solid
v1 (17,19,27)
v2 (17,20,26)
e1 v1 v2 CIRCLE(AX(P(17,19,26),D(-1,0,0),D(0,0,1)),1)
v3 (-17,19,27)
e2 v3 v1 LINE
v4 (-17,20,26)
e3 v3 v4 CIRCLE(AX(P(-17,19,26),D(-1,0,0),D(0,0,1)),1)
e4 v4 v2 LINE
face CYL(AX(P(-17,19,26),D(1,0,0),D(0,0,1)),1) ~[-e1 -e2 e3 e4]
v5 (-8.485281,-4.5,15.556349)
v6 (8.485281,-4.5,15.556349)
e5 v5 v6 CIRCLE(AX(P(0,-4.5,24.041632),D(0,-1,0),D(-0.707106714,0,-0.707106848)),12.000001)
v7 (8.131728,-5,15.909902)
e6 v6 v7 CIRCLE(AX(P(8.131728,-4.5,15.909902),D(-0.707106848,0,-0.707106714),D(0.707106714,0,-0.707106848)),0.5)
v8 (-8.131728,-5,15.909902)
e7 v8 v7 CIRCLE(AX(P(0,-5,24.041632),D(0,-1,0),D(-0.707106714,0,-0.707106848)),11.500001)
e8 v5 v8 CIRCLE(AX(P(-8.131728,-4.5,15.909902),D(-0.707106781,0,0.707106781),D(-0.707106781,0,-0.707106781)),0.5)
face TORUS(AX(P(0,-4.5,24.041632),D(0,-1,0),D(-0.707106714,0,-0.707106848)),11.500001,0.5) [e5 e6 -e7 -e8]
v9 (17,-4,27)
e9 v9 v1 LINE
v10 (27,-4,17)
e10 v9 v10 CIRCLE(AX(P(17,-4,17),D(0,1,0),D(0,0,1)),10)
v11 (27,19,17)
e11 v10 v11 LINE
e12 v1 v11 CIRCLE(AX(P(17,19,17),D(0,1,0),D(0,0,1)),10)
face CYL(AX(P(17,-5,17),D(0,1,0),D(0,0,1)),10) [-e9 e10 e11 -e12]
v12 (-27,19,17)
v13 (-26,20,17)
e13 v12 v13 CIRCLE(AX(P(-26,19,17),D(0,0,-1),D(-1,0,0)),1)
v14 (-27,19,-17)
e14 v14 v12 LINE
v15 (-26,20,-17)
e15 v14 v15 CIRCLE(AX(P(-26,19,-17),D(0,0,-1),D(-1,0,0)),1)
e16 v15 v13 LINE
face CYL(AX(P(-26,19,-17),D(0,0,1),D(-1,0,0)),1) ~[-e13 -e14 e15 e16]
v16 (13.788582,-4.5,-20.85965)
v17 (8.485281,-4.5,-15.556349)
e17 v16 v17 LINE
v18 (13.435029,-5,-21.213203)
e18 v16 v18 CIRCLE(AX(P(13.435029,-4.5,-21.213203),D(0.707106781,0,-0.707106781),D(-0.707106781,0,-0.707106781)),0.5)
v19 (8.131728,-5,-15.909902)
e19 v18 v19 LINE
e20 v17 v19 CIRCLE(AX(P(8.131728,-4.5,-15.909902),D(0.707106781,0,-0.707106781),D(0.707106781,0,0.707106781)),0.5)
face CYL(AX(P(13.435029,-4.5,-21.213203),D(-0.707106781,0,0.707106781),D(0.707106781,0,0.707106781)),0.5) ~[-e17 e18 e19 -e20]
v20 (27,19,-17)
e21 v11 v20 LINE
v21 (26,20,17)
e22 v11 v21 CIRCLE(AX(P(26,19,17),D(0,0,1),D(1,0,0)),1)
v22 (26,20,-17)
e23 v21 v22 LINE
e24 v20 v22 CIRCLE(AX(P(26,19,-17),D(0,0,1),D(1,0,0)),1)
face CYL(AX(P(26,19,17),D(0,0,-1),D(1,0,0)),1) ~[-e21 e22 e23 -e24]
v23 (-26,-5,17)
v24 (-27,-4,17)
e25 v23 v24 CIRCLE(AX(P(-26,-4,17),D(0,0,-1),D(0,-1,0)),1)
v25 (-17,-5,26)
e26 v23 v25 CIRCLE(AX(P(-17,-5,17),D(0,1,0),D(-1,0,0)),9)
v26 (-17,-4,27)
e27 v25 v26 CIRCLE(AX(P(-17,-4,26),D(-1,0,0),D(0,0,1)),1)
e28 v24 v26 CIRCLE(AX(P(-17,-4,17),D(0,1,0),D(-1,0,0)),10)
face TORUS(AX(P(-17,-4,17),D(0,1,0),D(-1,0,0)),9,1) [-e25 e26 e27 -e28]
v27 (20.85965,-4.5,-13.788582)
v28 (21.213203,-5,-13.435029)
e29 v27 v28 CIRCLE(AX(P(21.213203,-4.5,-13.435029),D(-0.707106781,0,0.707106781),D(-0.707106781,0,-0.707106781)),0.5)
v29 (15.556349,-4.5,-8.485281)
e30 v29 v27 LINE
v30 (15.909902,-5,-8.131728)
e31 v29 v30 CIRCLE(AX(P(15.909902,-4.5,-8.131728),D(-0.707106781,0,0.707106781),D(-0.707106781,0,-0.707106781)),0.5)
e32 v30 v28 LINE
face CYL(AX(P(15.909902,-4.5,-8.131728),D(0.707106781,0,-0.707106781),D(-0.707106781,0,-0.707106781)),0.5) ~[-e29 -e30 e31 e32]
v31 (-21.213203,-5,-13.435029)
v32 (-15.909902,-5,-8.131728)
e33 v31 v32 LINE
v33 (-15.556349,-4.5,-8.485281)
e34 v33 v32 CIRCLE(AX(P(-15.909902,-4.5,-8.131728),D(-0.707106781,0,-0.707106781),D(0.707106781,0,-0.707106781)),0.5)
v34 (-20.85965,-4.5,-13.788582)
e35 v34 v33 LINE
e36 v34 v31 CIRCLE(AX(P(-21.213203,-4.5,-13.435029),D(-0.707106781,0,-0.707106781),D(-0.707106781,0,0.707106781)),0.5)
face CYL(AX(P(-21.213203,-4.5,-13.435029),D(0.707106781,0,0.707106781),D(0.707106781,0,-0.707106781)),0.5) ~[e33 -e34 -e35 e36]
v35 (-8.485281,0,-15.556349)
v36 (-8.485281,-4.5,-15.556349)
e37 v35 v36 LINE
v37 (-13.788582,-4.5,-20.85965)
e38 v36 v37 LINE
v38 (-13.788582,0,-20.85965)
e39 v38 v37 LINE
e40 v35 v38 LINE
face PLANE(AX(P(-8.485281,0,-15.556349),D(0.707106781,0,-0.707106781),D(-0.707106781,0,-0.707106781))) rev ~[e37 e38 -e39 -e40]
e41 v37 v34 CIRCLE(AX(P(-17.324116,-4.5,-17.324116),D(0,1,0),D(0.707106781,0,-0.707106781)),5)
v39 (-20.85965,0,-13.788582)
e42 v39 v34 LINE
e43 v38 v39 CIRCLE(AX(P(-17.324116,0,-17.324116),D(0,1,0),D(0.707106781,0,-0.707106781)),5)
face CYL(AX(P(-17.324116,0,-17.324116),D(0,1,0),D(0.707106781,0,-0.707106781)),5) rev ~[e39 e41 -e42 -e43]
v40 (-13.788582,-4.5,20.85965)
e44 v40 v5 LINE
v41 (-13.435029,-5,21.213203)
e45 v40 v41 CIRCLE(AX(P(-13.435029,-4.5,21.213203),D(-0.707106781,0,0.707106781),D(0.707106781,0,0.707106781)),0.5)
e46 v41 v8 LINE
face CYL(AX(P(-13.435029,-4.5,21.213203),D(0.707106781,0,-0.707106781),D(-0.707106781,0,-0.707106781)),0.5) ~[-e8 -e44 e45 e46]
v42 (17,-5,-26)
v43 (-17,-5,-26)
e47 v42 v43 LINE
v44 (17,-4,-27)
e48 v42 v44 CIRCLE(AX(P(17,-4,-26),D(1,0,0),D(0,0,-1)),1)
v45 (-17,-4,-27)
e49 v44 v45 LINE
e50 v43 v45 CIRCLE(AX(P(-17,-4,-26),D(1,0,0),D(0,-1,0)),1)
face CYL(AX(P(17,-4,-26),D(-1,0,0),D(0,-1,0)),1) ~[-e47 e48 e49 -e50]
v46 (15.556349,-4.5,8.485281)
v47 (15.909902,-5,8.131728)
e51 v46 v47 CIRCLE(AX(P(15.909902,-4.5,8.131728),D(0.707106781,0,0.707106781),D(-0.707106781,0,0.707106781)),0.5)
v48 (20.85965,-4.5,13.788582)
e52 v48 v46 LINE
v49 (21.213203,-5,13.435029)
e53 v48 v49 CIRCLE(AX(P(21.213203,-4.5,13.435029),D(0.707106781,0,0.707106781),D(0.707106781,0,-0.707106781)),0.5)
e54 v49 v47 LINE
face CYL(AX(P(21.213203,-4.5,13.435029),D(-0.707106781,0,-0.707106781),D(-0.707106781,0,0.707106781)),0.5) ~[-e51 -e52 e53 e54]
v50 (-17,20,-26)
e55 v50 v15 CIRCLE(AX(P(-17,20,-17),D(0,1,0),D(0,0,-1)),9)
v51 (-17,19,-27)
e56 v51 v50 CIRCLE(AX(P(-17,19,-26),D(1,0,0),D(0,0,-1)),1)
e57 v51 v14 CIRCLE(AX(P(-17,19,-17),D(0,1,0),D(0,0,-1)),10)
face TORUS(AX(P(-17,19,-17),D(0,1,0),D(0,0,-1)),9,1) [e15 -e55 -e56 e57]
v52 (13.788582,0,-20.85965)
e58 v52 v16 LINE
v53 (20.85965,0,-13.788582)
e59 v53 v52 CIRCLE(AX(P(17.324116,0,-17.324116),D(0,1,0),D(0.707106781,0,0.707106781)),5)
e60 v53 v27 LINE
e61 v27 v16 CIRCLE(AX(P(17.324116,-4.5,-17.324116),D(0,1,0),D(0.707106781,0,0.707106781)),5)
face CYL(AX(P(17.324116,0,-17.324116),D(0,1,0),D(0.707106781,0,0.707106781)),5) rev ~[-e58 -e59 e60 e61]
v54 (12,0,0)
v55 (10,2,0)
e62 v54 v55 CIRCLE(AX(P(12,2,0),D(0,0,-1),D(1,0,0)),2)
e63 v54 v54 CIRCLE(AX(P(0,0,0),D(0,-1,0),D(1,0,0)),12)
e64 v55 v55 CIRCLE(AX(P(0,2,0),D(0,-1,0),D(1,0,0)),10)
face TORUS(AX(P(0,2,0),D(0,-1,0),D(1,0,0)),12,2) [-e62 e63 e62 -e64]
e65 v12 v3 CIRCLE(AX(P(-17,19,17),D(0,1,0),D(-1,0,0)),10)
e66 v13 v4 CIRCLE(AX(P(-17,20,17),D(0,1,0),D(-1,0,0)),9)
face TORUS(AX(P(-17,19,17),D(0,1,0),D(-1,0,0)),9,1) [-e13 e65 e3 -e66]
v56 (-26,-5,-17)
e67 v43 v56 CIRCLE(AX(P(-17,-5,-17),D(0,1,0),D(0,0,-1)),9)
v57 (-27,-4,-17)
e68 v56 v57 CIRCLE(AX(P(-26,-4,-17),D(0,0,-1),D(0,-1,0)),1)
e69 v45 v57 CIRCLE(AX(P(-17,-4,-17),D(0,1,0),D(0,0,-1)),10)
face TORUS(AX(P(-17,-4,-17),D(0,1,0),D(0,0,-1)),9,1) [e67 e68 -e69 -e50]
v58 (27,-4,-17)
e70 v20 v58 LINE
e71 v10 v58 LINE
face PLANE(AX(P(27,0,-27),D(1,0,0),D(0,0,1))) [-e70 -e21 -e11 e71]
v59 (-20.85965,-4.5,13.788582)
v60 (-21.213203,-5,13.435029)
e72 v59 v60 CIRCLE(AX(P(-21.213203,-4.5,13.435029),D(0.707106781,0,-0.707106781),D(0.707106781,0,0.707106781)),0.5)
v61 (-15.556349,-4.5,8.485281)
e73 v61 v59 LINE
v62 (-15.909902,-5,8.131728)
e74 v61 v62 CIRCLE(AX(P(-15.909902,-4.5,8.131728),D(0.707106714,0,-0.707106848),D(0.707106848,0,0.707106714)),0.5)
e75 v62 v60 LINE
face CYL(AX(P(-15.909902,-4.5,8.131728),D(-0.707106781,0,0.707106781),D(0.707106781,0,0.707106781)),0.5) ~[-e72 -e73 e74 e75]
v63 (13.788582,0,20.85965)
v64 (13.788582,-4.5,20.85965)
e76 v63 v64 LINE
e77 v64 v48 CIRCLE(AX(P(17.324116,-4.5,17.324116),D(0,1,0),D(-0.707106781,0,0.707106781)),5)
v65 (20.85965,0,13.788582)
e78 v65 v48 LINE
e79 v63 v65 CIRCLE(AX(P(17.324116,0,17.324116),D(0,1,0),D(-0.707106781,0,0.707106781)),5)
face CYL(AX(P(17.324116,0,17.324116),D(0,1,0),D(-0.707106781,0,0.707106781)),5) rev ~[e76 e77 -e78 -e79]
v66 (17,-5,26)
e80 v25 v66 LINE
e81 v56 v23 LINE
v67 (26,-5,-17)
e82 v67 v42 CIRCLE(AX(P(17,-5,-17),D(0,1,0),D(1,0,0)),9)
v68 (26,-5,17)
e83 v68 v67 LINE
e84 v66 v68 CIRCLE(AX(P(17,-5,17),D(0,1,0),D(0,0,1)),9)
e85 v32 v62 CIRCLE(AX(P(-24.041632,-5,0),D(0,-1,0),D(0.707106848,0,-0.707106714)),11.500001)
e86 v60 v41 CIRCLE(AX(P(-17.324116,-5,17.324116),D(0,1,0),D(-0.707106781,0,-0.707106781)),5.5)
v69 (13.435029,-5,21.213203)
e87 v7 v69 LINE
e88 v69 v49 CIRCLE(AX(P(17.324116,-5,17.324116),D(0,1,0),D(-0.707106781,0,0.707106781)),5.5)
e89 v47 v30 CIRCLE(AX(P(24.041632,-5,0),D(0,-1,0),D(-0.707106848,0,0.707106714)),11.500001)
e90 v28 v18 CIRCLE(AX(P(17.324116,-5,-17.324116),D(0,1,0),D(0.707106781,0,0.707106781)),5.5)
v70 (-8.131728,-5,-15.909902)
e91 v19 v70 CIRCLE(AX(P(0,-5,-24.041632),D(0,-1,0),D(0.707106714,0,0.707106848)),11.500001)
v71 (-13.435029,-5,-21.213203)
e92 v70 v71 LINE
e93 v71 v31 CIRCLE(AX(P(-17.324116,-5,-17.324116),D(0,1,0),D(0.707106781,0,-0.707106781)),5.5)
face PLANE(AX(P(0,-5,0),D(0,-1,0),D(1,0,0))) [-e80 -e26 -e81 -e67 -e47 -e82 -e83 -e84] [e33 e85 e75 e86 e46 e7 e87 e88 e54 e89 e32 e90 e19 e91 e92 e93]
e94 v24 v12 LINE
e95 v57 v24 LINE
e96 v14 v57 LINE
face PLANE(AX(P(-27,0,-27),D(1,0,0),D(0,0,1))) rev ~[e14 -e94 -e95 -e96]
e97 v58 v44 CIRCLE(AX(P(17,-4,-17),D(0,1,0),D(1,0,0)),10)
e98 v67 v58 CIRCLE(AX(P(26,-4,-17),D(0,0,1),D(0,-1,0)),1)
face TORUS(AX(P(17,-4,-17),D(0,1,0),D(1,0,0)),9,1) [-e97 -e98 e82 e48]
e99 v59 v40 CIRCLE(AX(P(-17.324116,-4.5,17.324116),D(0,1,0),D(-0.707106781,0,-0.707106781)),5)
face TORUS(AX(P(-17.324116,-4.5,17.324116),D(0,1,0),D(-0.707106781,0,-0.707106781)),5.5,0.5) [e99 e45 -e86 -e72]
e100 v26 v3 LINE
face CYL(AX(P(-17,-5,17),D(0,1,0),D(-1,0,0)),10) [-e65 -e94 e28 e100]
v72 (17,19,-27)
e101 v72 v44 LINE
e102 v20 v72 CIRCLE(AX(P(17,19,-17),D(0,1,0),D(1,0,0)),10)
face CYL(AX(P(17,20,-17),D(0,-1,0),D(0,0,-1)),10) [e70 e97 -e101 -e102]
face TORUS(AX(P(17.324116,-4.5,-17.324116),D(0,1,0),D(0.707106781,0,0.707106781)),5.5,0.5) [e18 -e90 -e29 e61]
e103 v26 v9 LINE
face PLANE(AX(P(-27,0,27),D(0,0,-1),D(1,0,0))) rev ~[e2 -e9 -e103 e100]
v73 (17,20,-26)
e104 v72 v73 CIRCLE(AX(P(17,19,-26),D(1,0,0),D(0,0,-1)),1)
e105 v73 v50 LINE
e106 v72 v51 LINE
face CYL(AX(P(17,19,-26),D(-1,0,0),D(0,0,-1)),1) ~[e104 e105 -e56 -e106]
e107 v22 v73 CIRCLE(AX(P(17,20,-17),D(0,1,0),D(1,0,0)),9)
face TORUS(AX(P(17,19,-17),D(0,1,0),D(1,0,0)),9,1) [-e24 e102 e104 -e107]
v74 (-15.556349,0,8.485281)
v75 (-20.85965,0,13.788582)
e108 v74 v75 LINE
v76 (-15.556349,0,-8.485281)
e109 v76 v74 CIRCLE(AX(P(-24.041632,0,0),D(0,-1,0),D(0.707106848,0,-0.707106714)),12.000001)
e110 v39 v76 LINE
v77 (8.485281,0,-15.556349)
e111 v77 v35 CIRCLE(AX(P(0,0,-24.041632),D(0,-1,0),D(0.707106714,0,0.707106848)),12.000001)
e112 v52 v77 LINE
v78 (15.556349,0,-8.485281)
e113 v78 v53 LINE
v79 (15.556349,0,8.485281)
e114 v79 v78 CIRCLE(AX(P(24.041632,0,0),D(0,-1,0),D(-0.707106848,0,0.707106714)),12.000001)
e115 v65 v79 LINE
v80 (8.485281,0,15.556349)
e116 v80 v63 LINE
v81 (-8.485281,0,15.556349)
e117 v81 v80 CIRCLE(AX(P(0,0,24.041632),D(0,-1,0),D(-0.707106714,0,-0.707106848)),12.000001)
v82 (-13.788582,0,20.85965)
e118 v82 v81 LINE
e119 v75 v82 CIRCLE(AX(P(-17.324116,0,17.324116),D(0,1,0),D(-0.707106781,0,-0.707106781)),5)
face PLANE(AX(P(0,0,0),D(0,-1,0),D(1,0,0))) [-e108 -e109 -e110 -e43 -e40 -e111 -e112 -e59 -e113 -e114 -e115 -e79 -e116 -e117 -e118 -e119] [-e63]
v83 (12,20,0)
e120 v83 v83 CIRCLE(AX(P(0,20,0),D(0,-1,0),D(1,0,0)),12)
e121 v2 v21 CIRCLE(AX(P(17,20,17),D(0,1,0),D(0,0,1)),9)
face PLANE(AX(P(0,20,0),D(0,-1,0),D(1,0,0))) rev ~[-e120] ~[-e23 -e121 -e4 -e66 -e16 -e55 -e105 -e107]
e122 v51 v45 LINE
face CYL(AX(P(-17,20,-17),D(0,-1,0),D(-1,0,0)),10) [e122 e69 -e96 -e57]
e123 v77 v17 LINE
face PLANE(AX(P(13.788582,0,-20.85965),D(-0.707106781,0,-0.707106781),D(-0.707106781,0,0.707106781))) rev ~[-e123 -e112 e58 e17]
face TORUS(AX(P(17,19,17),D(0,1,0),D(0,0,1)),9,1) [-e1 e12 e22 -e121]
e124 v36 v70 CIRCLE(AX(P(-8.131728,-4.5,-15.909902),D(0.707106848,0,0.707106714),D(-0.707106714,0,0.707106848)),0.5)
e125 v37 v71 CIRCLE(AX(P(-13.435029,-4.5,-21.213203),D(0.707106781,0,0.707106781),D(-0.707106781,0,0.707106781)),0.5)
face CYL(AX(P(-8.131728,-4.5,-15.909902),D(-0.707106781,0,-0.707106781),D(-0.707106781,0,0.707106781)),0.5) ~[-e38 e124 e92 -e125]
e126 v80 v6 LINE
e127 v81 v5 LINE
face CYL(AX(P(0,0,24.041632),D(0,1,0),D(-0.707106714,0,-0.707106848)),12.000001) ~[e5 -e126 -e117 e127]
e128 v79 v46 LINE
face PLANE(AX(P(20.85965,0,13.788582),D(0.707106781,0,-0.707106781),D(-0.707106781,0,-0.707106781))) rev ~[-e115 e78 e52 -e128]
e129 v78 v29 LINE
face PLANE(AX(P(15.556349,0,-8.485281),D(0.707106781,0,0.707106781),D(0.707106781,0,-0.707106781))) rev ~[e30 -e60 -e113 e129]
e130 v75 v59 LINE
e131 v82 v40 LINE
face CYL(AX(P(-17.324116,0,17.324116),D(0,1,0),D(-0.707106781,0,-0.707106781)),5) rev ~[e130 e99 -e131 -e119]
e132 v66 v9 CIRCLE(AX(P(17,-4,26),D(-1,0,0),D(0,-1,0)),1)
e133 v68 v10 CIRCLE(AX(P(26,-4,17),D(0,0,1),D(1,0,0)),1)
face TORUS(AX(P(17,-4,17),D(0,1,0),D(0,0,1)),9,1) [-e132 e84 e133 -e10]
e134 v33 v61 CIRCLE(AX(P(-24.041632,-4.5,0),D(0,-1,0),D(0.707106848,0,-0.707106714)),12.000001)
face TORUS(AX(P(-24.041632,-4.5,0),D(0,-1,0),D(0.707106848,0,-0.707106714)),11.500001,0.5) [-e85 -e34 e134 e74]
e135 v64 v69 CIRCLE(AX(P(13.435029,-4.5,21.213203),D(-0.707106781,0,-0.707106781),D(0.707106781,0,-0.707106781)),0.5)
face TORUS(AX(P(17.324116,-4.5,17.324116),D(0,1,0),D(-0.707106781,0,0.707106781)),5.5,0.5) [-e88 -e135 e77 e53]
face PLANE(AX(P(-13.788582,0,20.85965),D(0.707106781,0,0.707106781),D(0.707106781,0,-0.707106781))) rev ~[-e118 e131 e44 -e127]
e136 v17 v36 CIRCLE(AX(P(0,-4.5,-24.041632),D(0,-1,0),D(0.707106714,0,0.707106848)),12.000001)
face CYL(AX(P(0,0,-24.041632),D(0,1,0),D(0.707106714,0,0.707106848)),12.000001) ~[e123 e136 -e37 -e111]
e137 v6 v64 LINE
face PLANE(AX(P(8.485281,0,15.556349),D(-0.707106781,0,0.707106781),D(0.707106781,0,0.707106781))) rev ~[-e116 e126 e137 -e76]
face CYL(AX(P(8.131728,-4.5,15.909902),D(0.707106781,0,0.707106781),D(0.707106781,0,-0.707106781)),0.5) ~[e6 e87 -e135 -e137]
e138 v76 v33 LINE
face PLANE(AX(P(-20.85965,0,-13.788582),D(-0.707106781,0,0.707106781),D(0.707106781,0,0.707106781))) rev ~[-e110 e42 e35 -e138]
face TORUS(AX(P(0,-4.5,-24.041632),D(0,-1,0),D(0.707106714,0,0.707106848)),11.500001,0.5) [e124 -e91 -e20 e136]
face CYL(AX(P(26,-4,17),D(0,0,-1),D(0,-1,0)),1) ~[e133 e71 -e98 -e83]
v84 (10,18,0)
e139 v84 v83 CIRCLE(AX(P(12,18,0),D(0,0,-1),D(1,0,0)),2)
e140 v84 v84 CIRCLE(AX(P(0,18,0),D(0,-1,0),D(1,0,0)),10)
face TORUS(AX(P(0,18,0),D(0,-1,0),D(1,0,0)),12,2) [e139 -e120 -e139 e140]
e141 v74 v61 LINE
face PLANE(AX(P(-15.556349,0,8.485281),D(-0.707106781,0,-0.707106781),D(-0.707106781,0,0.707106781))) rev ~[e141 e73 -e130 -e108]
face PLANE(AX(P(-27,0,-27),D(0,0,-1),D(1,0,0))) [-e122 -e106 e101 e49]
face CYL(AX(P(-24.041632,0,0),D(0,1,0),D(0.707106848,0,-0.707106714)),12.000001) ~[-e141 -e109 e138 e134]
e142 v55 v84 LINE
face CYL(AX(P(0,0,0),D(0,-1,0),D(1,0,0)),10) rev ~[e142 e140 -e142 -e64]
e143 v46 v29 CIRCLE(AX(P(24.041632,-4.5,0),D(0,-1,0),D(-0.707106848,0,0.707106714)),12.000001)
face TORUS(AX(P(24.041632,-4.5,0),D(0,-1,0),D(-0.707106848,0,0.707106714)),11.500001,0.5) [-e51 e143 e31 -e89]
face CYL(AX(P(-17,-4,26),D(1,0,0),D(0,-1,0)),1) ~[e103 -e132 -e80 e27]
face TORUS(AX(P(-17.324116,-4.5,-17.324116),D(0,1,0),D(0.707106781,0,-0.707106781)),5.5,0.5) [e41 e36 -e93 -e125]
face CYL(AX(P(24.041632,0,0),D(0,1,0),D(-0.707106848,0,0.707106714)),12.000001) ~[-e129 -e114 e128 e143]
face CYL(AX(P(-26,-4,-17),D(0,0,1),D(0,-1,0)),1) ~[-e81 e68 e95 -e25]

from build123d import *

# Parameters (mm, degrees)
F0_W      = 54
F0_H      = 54
F1_DEPTH  = 5
F0_R      = 10
F1_FACE_W = 54
F1_FACE_H = 54
F2_DEPTH  = 20
F3_DEPTH  = 5.001
F4_R      = 0.5
F5_R      = 2
F6_R      = 10
F7_R      = 1


with BuildPart() as f1:
    # F0 (on Front) → F1 (new body)
    with BuildSketch(Plane.XZ):
        Rectangle(F0_W, F0_H)
        with BuildLine():
            ThreePointArc((-20.85965, 13.788582), (-20.85965, 20.85965), (-13.788582, 20.85965))
            Line((-13.788582, 20.85965), (-8.485281, 15.556349))
            ThreePointArc((-8.485281, 15.556349), (0, 12.041631), (8.485281, 15.556349))
            Line((8.485281, 15.556349), (13.788582, 20.85965))
            ThreePointArc((13.788582, 20.85965), (20.85965, 20.85965), (20.85965, 13.788582))
            Line((20.85965, 13.788582), (15.556349, 8.485281))
            ThreePointArc((15.556349, 8.485281), (12.041631, 0), (15.556349, -8.485281))
            Line((15.556349, -8.485281), (20.85965, -13.788582))
            ThreePointArc((20.85965, -13.788582), (20.85965, -20.85965), (13.788582, -20.85965))
            Line((13.788582, -20.85965), (8.485281, -15.556349))
            ThreePointArc((8.485281, -15.556349), (0, -12.041631), (-8.485281, -15.556349))
            Line((-8.485281, -15.556349), (-13.788582, -20.85965))
            ThreePointArc((-13.788582, -20.85965), (-20.85965, -20.85965), (-20.85965, -13.788582))
            Line((-20.85965, -13.788582), (-15.556349, -8.485281))
            ThreePointArc((-15.556349, -8.485281), (-12.041631, 0), (-15.556349, 8.485281))
            Line((-15.556349, 8.485281), (-20.85965, 13.788582))
        make_face(mode=Mode.SUBTRACT)
    extrude(amount=F1_DEPTH)

    # F0 (on Front) + F1_face (on face) → F2 (join)
    with BuildSketch(Plane.XZ):
        Rectangle(F0_W, F0_H)
        with BuildLine():
            ThreePointArc((-20.85965, 13.788582), (-20.85965, 20.85965), (-13.788582, 20.85965))
            Line((-13.788582, 20.85965), (-8.485281, 15.556349))
            ThreePointArc((-8.485281, 15.556349), (0, 12.041631), (8.485281, 15.556349))
            Line((8.485281, 15.556349), (13.788582, 20.85965))
            ThreePointArc((13.788582, 20.85965), (20.85965, 20.85965), (20.85965, 13.788582))
            Line((20.85965, 13.788582), (15.556349, 8.485281))
            ThreePointArc((15.556349, 8.485281), (12.041631, 0), (15.556349, -8.485281))
            Line((15.556349, -8.485281), (20.85965, -13.788582))
            ThreePointArc((20.85965, -13.788582), (20.85965, -20.85965), (13.788582, -20.85965))
            Line((13.788582, -20.85965), (8.485281, -15.556349))
            ThreePointArc((8.485281, -15.556349), (0, -12.041631), (-8.485281, -15.556349))
            Line((-8.485281, -15.556349), (-13.788582, -20.85965))
            ThreePointArc((-13.788582, -20.85965), (-20.85965, -20.85965), (-20.85965, -13.788582))
            Line((-20.85965, -13.788582), (-15.556349, -8.485281))
            ThreePointArc((-15.556349, -8.485281), (-12.041631, 0), (-15.556349, 8.485281))
            Line((-15.556349, 8.485281), (-20.85965, 13.788582))
        make_face(mode=Mode.SUBTRACT)
        with BuildLine():
            Line((-8.485281, 15.556349), (-13.788582, 20.85965))
            ThreePointArc((-13.788582, 20.85965), (-20.85965, 20.85965), (-20.85965, 13.788582))
            Line((-20.85965, 13.788582), (-15.556349, 8.485281))
            ThreePointArc((-15.556349, 8.485281), (-12.041631, 0), (-15.556349, -8.485281))
            Line((-15.556349, -8.485281), (-20.85965, -13.788582))
            ThreePointArc((-20.85965, -13.788582), (-20.85965, -20.85965), (-13.788582, -20.85965))
            Line((-13.788582, -20.85965), (-8.485281, -15.556349))
            ThreePointArc((-8.485281, -15.556349), (0, -12.041631), (8.485281, -15.556349))
            Line((8.485281, -15.556349), (13.788582, -20.85965))
            ThreePointArc((13.788582, -20.85965), (20.85965, -20.85965), (20.85965, -13.788582))
            Line((20.85965, -13.788582), (15.556349, -8.485281))
            ThreePointArc((15.556349, -8.485281), (12.041631, 0), (15.556349, 8.485281))
            Line((15.556349, 8.485281), (20.85965, 13.788582))
            ThreePointArc((20.85965, 13.788582), (20.85965, 20.85965), (13.788582, 20.85965))
            Line((13.788582, 20.85965), (8.485281, 15.556349))
            ThreePointArc((8.485281, 15.556349), (0, 12.041631), (-8.485281, 15.556349))
        make_face()
        Circle(F0_R, mode=Mode.SUBTRACT)
    with BuildSketch(Plane.XZ.offset(5)):
        Rectangle(F1_FACE_W, F1_FACE_H)
        with BuildLine():
            Line((13.788582, -20.85965), (8.485281, -15.556349))
            ThreePointArc((8.485281, -15.556349), (0, -12.041631), (-8.485281, -15.556349))
            Line((-8.485281, -15.556349), (-13.788582, -20.85965))
            ThreePointArc((-13.788582, -20.85965), (-20.85965, -20.85965), (-20.85965, -13.788582))
            Line((-20.85965, -13.788582), (-15.556349, -8.485281))
            ThreePointArc((-15.556349, -8.485281), (-12.041631, 0), (-15.556349, 8.485281))
            Line((-15.556349, 8.485281), (-20.85965, 13.788582))
            ThreePointArc((-20.85965, 13.788582), (-20.85965, 20.85965), (-13.788582, 20.85965))
            Line((-13.788582, 20.85965), (-8.485281, 15.556349))
            ThreePointArc((-8.485281, 15.556349), (0, 12.041631), (8.485281, 15.556349))
            Line((8.485281, 15.556349), (13.788582, 20.85965))
            ThreePointArc((13.788582, 20.85965), (20.85965, 20.85965), (20.85965, 13.788582))
            Line((20.85965, 13.788582), (15.556349, 8.485281))
            ThreePointArc((15.556349, 8.485281), (12.041631, 0), (15.556349, -8.485281))
            Line((15.556349, -8.485281), (20.85965, -13.788582))
            ThreePointArc((20.85965, -13.788582), (20.85965, -20.85965), (13.788582, -20.85965))
        make_face(mode=Mode.SUBTRACT)
    extrude(amount=-F2_DEPTH)

    # F0 (on Front) → F3 (cut, through all)
    with BuildSketch(Plane.XZ):
        with BuildLine():
            Line((-8.485281, 15.556349), (-13.788582, 20.85965))
            ThreePointArc((-13.788582, 20.85965), (-20.85965, 20.85965), (-20.85965, 13.788582))
            Line((-20.85965, 13.788582), (-15.556349, 8.485281))
            ThreePointArc((-15.556349, 8.485281), (-12.041631, 0), (-15.556349, -8.485281))
            Line((-15.556349, -8.485281), (-20.85965, -13.788582))
            ThreePointArc((-20.85965, -13.788582), (-20.85965, -20.85965), (-13.788582, -20.85965))
            Line((-13.788582, -20.85965), (-8.485281, -15.556349))
            ThreePointArc((-8.485281, -15.556349), (0, -12.041631), (8.485281, -15.556349))
            Line((8.485281, -15.556349), (13.788582, -20.85965))
            ThreePointArc((13.788582, -20.85965), (20.85965, -20.85965), (20.85965, -13.788582))
            Line((20.85965, -13.788582), (15.556349, -8.485281))
            ThreePointArc((15.556349, -8.485281), (12.041631, 0), (15.556349, 8.485281))
            Line((15.556349, 8.485281), (20.85965, 13.788582))
            ThreePointArc((20.85965, 13.788582), (20.85965, 20.85965), (13.788582, 20.85965))
            Line((13.788582, 20.85965), (8.485281, 15.556349))
            ThreePointArc((8.485281, 15.556349), (0, 12.041631), (-8.485281, 15.556349))
        make_face()
        Circle(F0_R, mode=Mode.SUBTRACT)
    extrude(amount=F3_DEPTH, mode=Mode.SUBTRACT)

    # F4
    f4_edges = [f1.edges().sort_by_distance(p)[0] for p in [
        (18.208, -5, -11.136932),
    ]]
    fillet(f4_edges, radius=F4_R)

    # F5
    f5_edges = [f1.edges().sort_by_distance(p)[0] for p in [
        (10, 10, 0),
        (-10, 0, 0),
        (-10, 20, 0),
    ]]
    fillet(f5_edges, radius=F5_R)

    # F6
    f6_edges = [f1.edges().sort_by_distance(p)[0] for p in [
        (27, 7.5, 27),
        (27, 7.5, -27),
        (-27, 7.5, -27),
        (-27, 7.5, 27),
    ]]
    fillet(f6_edges, radius=F6_R)

    # F7
    f7_edges = [f1.edges().sort_by_distance(p)[0] for p in [
        (-27, -5, 0),
        (-27, 7.5, 17),
        (-27, 7.5, -17),
        (-27, 20, 0),
    ]]
    fillet(f7_edges, radius=F7_R)


solid = f1.part
